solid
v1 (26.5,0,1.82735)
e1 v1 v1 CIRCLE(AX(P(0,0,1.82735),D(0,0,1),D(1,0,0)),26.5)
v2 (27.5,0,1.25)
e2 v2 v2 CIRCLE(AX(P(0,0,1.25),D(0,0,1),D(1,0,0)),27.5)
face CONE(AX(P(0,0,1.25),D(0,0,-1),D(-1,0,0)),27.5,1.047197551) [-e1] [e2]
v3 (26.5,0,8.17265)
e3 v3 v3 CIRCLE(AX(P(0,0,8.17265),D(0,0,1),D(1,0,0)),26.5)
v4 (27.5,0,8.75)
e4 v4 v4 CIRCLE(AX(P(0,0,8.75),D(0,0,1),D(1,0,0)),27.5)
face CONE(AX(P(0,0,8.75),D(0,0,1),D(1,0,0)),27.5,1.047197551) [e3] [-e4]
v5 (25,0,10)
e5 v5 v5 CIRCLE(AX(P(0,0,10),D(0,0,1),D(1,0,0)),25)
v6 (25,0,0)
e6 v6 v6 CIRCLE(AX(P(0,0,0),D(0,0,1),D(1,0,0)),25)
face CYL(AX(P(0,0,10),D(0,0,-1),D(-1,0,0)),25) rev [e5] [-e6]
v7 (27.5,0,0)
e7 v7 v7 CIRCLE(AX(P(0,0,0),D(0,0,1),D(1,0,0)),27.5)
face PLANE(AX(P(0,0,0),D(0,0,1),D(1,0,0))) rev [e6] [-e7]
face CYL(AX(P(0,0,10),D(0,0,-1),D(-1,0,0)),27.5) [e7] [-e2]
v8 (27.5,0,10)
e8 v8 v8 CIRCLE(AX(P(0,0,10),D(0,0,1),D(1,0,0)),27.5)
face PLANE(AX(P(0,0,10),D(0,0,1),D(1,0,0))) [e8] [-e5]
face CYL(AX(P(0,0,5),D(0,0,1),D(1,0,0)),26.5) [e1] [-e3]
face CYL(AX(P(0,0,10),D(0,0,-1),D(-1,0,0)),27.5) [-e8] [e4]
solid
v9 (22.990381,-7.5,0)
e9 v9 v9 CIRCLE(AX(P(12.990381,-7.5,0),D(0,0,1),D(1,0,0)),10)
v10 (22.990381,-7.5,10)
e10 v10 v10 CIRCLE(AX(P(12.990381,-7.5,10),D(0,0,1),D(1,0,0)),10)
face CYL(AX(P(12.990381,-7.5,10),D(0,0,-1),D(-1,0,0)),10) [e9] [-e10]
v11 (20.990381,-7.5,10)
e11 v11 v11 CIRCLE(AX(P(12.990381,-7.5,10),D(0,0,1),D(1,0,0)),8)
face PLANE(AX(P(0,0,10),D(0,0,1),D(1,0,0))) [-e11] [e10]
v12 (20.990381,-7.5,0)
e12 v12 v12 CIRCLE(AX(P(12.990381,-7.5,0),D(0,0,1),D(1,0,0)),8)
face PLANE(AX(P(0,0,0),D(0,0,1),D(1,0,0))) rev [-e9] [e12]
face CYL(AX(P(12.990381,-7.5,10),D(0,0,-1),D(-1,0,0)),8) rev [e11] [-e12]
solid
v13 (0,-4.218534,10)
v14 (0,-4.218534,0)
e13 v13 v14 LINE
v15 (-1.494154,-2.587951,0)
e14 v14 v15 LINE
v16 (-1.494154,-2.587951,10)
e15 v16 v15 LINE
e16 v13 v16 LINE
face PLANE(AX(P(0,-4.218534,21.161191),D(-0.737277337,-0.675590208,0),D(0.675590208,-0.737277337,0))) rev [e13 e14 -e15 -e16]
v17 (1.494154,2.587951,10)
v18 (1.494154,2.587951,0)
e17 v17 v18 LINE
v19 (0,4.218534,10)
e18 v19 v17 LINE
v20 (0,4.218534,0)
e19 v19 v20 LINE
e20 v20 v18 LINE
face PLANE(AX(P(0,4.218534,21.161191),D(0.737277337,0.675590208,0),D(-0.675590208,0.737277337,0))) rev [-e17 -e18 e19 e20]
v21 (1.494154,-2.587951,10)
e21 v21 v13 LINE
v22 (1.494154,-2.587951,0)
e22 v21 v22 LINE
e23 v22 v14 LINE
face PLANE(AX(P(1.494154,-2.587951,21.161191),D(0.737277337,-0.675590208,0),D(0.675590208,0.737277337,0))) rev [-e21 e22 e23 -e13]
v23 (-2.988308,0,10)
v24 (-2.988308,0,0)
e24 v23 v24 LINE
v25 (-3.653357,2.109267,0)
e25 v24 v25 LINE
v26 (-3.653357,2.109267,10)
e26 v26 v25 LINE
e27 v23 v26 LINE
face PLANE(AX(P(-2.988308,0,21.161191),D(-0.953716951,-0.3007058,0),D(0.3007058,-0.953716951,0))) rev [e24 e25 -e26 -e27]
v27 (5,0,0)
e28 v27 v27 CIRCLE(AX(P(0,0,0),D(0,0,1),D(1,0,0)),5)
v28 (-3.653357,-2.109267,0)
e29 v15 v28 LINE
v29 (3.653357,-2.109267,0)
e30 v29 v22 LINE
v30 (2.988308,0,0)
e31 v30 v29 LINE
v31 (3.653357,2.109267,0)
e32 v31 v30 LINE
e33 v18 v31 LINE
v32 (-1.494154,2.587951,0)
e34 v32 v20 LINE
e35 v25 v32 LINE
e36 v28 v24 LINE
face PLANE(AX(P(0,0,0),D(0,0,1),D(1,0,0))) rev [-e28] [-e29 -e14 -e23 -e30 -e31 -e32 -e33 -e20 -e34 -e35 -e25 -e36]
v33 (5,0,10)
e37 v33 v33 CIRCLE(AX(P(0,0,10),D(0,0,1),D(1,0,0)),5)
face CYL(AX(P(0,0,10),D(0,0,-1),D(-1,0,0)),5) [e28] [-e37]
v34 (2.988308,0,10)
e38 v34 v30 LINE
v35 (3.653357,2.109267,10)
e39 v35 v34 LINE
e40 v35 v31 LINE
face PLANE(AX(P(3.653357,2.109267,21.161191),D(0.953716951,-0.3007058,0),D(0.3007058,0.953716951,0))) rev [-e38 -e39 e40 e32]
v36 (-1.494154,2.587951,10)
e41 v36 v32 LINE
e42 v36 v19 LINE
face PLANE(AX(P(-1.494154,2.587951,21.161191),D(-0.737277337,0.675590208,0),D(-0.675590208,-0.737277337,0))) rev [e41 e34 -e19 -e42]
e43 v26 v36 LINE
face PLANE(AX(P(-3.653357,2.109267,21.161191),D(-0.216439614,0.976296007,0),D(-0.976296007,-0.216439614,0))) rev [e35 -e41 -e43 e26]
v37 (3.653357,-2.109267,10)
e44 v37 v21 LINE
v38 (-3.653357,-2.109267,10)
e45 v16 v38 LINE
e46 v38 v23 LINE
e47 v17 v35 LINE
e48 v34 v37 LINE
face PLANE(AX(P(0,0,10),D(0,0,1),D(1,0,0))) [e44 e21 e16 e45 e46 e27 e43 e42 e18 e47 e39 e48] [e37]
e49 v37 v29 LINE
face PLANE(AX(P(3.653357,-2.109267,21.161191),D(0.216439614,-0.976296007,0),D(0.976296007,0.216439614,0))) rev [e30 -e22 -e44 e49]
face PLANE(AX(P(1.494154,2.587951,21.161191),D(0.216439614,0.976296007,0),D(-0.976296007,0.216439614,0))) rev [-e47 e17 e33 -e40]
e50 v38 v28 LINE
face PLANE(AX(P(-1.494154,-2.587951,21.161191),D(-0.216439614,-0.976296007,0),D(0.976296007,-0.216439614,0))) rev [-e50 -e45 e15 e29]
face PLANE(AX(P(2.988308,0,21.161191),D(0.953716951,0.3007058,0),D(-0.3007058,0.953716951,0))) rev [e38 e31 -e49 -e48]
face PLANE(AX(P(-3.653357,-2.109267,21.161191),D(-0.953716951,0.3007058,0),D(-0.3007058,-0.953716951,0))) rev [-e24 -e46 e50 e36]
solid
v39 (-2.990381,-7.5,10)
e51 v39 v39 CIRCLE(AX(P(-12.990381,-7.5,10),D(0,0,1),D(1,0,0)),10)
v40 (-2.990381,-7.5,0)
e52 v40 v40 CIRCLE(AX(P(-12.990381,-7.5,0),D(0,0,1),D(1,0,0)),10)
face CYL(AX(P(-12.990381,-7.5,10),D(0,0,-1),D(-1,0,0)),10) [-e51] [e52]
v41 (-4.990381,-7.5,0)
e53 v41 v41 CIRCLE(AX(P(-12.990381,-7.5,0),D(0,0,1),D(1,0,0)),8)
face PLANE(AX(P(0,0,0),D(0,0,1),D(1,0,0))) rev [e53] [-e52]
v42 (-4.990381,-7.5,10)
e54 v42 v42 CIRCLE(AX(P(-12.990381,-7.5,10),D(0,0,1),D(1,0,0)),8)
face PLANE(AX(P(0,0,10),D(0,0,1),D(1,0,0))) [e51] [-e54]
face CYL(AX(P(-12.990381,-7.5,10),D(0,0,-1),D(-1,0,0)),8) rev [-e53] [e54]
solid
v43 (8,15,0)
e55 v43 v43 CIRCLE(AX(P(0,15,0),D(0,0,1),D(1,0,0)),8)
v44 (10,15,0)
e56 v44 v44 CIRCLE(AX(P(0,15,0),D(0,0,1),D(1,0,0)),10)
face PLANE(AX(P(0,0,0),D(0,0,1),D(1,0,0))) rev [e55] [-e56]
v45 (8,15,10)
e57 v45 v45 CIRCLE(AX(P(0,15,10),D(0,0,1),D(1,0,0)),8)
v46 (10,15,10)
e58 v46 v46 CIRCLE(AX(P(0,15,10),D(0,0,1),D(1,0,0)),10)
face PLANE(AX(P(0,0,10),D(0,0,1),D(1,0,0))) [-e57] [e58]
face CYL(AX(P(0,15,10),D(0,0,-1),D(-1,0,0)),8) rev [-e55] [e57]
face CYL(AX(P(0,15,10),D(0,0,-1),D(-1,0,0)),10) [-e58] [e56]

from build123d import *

# Parameters (mm, degrees)
SKETCH1_R             = 10
SKETCH1_R_2           = 8
BOSS_EXTRUDE1_DEPTH   = 10
BOSS_EXTRUDE1_2_DEPTH = 10
BOSS_EXTRUDE1_3_DEPTH = 10
SKETCH1_R_3           = 27.5
SKETCH1_R_4           = 25
BOSS_EXTRUDE1_4_DEPTH = 10
SKETCH1_R_5           = 5
BOSS_EXTRUDE1_5_DEPTH = 10
CUT_EXTRUDE1_DEPTH    = 10
CUT_EXTRUDE2_DEPTH    = 10


with BuildPart() as part:
    # Sketch1 → Boss-Extrude1 (new body)
    with BuildSketch(Plane.XY):
        with Locations((0, 15)):
            Circle(SKETCH1_R)
        with Locations((0, 15)):
            Circle(SKETCH1_R_2, mode=Mode.SUBTRACT)
    extrude(amount=BOSS_EXTRUDE1_DEPTH)


with BuildPart() as body_2:
    # Sketch1 → Boss-Extrude1 2 (new body)
    with BuildSketch(Plane.XY):
        with Locations((-12.990381057, -7.5)):
            Circle(SKETCH1_R)
        with Locations((-12.990381057, -7.5)):
            Circle(SKETCH1_R_2, mode=Mode.SUBTRACT)
    extrude(amount=BOSS_EXTRUDE1_2_DEPTH)


with BuildPart() as body_3:
    # Sketch1 → Boss-Extrude1 3 (new body)
    with BuildSketch(Plane.XY):
        with Locations((12.990381057, -7.5)):
            Circle(SKETCH1_R)
        with Locations((12.990381057, -7.5)):
            Circle(SKETCH1_R_2, mode=Mode.SUBTRACT)
    extrude(amount=BOSS_EXTRUDE1_3_DEPTH)


with BuildPart() as body_4:
    # Sketch1 → Boss-Extrude1 4 (new body)
    with BuildSketch(Plane.XY):
        Circle(SKETCH1_R_3)
        Circle(SKETCH1_R_4, mode=Mode.SUBTRACT)
    extrude(amount=BOSS_EXTRUDE1_4_DEPTH)

    # Sketch3 → Cut-Revolve1 (revolve, cut)
    with BuildSketch(Plane(origin=(0, 0, 0), x_dir=(0, 0, -1), z_dir=(1, 0, 0)), mode=Mode.PRIVATE) as cut_revolve1_sk:
        Polygon((-8.75, 27.5), (-8.172649731, 26.5), (-1.827350269, 26.5), (-1.25, 27.5), align=None)
    revolve(cut_revolve1_sk.sketch.rotate(Axis((0, 0, 5), (0, 0, -1)), 90), axis=Axis((0, 0, 5), (0, 0, -1)), mode=Mode.SUBTRACT)


with BuildPart() as body_5:
    # Sketch1 → Boss-Extrude1 5 (new body)
    with BuildSketch(Plane.XY):
        Circle(SKETCH1_R_5)
    extrude(amount=BOSS_EXTRUDE1_5_DEPTH)

    # Sketch2 → Cut-Extrude1 (cut)
    with BuildSketch(Plane(origin=(0, 0, 0), x_dir=(-1, 0, 0), z_dir=(0, 0, -1))):
        Polygon((0, -3.922496167), (1.389301091, -2.406340076), (3.396981327, -1.961248084), (2.778602182, 0), (3.396981327, 1.961248084), (1.389301091, 2.406340076), (0, 3.922496167), (-1.389301091, 2.406340076), (-3.396981327, 1.961248084), (-2.778602182, 0), (-3.396981327, -1.961248084), (-1.389301091, -2.406340076), align=None)
    extrude(amount=-CUT_EXTRUDE1_DEPTH, mode=Mode.SUBTRACT)

    # Sketch5 → Cut-Extrude2 (cut)
    with BuildSketch(Plane(origin=(0, 0, 0), x_dir=(-1, 0, 0), z_dir=(0, 0, -1))):
        Polygon((-3.653357276, 2.109266807), (-2.988308007, 0), (-3.653357276, -2.109266807), (-1.494154003, -2.587950648), (0, -4.218533614), (1.494154003, -2.587950648), (3.653357276, -2.109266807), (2.988308007, 0), (3.653357276, 2.109266807), (1.494154003, 2.587950648), (0, 4.218533614), (-1.494154003, 2.587950648), align=None)
    extrude(amount=-CUT_EXTRUDE2_DEPTH, mode=Mode.SUBTRACT)


solid = Compound([part.part, body_2.part, body_3.part, body_4.part, body_5.part])
